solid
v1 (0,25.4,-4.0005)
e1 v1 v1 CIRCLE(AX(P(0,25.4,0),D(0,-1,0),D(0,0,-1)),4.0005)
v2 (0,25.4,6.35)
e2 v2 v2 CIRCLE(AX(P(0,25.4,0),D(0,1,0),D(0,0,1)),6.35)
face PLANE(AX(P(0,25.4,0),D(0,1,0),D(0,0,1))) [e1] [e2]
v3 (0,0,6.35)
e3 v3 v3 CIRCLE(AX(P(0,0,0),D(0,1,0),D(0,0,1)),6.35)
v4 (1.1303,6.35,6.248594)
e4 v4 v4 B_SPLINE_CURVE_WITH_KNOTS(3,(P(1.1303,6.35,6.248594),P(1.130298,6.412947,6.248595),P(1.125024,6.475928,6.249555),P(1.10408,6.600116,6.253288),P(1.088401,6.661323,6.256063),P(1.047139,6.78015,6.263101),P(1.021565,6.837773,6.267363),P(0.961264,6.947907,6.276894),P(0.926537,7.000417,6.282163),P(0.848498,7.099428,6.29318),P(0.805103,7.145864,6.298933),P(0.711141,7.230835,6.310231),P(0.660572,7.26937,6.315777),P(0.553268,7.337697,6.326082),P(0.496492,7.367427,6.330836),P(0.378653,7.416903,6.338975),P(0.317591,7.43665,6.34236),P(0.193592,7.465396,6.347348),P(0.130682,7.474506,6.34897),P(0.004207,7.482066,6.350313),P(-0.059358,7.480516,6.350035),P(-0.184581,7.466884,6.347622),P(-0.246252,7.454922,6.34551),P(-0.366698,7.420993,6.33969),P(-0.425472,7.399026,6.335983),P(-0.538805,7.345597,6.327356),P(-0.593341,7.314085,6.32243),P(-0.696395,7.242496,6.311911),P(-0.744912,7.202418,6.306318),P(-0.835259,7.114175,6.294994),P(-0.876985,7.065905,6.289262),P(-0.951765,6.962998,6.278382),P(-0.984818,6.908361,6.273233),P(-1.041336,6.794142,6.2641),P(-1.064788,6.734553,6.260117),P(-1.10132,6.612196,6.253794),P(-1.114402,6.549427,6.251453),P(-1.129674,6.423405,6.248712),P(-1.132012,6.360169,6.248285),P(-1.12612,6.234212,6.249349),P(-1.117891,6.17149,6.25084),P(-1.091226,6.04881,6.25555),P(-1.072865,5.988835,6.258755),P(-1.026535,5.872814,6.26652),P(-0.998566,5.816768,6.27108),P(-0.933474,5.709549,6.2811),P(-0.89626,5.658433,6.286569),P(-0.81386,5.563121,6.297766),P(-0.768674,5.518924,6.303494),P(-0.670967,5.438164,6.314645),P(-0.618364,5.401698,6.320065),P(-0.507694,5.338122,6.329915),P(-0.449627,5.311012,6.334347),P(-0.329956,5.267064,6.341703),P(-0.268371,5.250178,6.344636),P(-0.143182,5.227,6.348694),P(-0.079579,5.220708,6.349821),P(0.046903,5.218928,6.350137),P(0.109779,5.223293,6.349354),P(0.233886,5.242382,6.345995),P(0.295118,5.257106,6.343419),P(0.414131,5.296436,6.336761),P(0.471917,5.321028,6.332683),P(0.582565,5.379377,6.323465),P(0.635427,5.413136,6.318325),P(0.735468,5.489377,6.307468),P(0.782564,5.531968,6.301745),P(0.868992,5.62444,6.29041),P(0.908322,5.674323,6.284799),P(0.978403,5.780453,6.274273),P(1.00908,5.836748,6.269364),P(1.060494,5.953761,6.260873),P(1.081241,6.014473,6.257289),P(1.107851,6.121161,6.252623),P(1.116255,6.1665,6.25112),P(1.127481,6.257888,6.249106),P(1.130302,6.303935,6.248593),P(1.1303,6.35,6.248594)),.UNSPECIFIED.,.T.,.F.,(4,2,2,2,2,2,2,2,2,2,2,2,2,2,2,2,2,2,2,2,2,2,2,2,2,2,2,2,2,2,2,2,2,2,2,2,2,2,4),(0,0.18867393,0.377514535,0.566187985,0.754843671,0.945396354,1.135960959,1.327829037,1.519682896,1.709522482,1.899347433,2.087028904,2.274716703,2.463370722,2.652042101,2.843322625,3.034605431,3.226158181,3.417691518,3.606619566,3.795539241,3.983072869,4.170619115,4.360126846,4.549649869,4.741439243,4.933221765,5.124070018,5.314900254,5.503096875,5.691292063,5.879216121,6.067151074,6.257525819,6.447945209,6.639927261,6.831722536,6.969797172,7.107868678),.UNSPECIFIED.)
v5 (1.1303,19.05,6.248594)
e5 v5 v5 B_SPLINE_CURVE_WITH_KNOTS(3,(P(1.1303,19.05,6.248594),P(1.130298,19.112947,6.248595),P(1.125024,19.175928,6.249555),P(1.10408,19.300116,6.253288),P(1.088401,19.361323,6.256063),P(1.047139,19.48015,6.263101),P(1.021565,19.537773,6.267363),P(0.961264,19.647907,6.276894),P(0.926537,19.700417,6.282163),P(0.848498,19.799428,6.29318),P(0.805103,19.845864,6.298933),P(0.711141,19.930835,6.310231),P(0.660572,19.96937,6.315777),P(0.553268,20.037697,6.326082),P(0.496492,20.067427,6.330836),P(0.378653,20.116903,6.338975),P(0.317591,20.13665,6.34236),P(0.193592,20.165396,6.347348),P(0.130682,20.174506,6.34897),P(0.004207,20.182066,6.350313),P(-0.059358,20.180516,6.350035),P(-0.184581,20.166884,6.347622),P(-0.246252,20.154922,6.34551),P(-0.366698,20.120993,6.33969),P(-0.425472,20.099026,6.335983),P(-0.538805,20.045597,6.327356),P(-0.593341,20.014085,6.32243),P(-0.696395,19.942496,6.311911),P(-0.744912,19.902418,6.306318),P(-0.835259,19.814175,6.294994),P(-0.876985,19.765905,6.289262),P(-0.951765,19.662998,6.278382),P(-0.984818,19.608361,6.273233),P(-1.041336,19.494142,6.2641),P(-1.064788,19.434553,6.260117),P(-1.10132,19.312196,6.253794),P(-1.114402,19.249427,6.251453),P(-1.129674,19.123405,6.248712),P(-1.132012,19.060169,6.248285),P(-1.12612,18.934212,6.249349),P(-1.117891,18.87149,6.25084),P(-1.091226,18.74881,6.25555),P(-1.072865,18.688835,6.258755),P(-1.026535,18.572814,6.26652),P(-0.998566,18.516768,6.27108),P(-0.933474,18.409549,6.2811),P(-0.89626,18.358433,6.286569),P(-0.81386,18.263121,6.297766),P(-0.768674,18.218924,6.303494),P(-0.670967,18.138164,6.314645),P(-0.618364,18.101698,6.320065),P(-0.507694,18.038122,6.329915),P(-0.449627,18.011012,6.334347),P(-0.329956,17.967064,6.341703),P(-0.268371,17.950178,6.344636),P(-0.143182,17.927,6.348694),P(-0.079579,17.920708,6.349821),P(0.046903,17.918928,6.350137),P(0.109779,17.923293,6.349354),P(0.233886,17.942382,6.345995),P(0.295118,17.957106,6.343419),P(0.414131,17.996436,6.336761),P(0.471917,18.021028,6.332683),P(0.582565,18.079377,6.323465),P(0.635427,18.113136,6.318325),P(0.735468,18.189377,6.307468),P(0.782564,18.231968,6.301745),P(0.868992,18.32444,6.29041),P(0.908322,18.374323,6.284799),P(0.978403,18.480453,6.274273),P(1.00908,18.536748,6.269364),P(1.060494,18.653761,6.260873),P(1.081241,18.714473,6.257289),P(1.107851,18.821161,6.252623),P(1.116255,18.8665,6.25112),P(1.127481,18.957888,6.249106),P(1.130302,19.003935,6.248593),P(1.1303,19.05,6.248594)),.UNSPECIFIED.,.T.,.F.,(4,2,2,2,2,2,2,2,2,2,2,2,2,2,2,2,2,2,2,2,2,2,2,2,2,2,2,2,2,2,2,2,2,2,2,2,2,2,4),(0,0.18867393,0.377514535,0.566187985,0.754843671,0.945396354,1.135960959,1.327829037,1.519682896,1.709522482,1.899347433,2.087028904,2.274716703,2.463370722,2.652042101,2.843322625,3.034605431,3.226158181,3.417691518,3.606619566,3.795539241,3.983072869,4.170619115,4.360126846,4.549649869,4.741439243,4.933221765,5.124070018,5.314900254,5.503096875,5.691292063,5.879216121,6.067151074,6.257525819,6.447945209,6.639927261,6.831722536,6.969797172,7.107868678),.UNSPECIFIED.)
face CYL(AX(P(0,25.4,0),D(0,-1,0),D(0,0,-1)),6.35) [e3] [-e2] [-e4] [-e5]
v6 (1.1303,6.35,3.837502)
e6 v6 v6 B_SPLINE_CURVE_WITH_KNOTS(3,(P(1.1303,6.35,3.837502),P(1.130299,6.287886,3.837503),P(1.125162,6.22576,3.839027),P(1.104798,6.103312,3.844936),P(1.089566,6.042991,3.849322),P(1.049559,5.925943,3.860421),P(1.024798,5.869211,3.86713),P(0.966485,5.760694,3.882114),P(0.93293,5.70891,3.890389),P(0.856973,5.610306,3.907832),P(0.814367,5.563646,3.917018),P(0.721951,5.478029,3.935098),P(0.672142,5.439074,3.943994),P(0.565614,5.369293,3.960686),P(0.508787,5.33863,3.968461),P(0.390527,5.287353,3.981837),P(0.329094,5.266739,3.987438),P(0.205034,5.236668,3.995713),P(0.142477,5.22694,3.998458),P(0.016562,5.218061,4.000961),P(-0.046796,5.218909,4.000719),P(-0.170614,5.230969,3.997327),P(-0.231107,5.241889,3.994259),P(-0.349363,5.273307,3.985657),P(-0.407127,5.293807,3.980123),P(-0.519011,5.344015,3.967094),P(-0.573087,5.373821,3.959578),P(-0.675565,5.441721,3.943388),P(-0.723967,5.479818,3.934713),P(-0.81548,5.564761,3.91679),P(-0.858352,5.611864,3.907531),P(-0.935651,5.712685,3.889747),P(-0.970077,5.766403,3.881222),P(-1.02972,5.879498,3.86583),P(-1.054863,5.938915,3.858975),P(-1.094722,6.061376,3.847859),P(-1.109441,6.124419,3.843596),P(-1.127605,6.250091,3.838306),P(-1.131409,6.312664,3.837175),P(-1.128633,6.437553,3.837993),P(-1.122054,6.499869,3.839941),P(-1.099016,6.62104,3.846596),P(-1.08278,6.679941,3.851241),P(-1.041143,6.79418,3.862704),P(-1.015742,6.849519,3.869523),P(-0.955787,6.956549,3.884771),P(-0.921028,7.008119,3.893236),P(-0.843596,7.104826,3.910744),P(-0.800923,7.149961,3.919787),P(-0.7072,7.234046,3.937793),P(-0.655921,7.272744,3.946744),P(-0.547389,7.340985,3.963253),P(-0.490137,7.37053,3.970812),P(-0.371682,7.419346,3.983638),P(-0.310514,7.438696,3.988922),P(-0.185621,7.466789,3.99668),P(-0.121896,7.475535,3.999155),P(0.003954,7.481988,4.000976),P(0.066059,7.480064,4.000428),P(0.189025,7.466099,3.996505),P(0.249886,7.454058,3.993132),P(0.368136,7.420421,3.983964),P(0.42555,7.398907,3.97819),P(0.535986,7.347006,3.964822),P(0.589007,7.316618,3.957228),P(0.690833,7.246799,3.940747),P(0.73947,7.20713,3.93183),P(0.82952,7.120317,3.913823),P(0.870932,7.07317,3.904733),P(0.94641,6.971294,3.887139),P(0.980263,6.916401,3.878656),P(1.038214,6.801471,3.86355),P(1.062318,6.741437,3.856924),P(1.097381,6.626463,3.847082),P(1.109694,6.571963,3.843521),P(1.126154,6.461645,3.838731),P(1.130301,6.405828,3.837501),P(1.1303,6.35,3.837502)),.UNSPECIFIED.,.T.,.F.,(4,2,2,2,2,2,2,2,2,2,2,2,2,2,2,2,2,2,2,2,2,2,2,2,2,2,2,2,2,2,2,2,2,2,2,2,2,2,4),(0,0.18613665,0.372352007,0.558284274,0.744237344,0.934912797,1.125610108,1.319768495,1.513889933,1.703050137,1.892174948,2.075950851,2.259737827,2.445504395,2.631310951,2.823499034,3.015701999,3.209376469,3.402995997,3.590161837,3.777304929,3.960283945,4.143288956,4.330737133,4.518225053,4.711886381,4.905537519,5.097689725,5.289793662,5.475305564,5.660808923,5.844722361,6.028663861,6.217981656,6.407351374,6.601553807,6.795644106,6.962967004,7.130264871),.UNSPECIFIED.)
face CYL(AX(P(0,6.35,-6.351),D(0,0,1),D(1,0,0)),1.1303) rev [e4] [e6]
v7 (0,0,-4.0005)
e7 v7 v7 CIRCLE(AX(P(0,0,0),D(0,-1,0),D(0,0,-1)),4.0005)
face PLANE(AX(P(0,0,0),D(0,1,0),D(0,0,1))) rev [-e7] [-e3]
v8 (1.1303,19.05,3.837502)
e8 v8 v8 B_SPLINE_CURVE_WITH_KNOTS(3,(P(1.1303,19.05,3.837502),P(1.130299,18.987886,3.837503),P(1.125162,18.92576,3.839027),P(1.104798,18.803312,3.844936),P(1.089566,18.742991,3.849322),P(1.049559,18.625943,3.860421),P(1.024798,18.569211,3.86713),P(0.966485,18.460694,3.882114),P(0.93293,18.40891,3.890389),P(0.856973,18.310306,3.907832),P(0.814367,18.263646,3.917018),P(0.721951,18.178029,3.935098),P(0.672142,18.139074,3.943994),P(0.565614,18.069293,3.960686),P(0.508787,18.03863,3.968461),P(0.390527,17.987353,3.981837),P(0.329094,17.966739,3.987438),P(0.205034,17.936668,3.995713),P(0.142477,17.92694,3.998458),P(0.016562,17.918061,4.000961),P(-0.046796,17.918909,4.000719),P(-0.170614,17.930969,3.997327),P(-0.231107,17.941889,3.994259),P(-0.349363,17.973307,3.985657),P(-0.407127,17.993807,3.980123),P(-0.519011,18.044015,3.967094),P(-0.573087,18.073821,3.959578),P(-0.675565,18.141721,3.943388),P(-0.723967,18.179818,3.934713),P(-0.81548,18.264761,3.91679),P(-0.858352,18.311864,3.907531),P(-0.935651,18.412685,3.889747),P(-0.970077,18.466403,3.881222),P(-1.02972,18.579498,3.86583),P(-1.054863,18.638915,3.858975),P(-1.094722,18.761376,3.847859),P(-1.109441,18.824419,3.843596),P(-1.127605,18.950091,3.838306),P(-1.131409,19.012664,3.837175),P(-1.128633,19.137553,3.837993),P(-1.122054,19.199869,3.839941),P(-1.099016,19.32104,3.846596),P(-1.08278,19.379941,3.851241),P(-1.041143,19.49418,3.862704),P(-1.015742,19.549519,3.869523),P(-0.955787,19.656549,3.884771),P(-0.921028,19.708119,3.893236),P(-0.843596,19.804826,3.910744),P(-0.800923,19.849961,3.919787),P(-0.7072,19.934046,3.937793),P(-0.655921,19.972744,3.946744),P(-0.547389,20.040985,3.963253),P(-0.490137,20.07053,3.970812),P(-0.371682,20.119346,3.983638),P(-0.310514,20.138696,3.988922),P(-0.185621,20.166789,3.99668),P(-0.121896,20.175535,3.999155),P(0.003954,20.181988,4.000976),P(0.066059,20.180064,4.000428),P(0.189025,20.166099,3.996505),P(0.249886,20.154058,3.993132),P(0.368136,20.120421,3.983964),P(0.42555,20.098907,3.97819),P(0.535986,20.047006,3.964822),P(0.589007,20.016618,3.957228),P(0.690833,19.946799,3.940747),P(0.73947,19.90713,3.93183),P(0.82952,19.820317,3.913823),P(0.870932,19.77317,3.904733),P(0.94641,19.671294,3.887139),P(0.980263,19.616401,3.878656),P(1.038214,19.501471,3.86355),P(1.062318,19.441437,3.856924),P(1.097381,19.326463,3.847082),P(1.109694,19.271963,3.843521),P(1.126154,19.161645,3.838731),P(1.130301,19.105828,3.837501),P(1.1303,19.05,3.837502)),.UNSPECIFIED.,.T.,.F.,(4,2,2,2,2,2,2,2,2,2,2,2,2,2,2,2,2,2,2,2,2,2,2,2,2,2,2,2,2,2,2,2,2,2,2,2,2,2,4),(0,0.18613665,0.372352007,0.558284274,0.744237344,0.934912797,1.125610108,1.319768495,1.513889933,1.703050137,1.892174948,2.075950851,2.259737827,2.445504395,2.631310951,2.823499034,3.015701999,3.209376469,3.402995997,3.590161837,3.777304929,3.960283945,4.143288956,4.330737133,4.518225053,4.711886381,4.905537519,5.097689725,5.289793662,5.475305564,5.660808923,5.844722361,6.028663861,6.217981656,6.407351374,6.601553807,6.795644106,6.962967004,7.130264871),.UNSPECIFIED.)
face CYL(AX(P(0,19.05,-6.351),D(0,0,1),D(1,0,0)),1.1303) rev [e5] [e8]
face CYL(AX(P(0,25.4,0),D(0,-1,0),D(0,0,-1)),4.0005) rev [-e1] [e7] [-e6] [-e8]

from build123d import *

# Parameters (mm, degrees)
SKETCH1_R               = 6.35
BOSS_EXTRUDE1_DEPTH     = 25.4
CUT_EXTRUDE2_DEPTH      = 27.940768363
CUT_EXTRUDE2_DEPTH_BACK = 12.7
SKETCH3_R               = 4
SKETCH6_R               = 4.0005
CUT_EXTRUDE5_DEPTH      = 27.940768363
CUT_EXTRUDE3_REACH      = 31.099
CUT_EXTRUDE3_END_RADIUS = 4.0005
SKETCH4_R               = 1.1303


with BuildPart() as part:
    # Sketch1 → Boss-Extrude1 (new body)
    with BuildSketch(Plane(origin=(0, 0, 0), x_dir=(1, 0, 0), z_dir=(0, 1, 0))):
        with Locations(Location((0, 0, 0), (0, 0, 270))):
            Circle(SKETCH1_R)
    extrude(amount=BOSS_EXTRUDE1_DEPTH)

    # Sketch3 → Cut-Extrude2 (cut, two sides: drawn at the far end of the back side and taken through both)
    with BuildSketch(Plane.XZ.offset(-CUT_EXTRUDE2_DEPTH_BACK)):
        with Locations(Location((0, 0, 0), (0, 0, 90))):
            Circle(SKETCH3_R)
    extrude(amount=CUT_EXTRUDE2_DEPTH + CUT_EXTRUDE2_DEPTH_BACK, mode=Mode.SUBTRACT)

    # Sketch6 → Cut-Extrude5 (cut, through all)
    with BuildSketch(Plane(origin=(0, 0, 0), x_dir=(-1, 0, 0), z_dir=(0, -1, 0))):
        with Locations(Location((0, 0, 0), (0, 0, 90))):
            Circle(SKETCH6_R)
    extrude(amount=-CUT_EXTRUDE5_DEPTH, mode=Mode.SUBTRACT)

    # Cut-Extrude3: up to this cylinder (the profile starts outside it)
    cut_extrude3_end = Plane(origin=(0, 12.7, 0), z_dir=(0, -1, 0)) * Cylinder(CUT_EXTRUDE3_END_RADIUS, 83.899, mode=Mode.PRIVATE)
    # Sketch4 → Cut-Extrude3 (cut, up to the surface)
    with BuildSketch(Plane.XY.offset(6.35), mode=Mode.PRIVATE) as cut_extrude3_sk1:
        with Locations((0, 6.35)):
            Circle(SKETCH4_R)
    cut_extrude3_tool1 = extrude(cut_extrude3_sk1.sketch, amount=-CUT_EXTRUDE3_REACH, mode=Mode.PRIVATE) - cut_extrude3_end
    add(cut_extrude3_tool1.solids().sort_by_distance((0, 6.35, 6.35))[0], mode=Mode.SUBTRACT)
    # Sketch4 → Cut-Extrude3 (cut, up to the surface)
    with BuildSketch(Plane.XY.offset(6.35), mode=Mode.PRIVATE) as cut_extrude3_sk2:
        with Locations((0, 19.05)):
            Circle(SKETCH4_R)
    cut_extrude3_tool2 = extrude(cut_extrude3_sk2.sketch, amount=-CUT_EXTRUDE3_REACH, mode=Mode.PRIVATE) - cut_extrude3_end
    add(cut_extrude3_tool2.solids().sort_by_distance((0, 19.05, 6.35))[0], mode=Mode.SUBTRACT)


solid = part.part
